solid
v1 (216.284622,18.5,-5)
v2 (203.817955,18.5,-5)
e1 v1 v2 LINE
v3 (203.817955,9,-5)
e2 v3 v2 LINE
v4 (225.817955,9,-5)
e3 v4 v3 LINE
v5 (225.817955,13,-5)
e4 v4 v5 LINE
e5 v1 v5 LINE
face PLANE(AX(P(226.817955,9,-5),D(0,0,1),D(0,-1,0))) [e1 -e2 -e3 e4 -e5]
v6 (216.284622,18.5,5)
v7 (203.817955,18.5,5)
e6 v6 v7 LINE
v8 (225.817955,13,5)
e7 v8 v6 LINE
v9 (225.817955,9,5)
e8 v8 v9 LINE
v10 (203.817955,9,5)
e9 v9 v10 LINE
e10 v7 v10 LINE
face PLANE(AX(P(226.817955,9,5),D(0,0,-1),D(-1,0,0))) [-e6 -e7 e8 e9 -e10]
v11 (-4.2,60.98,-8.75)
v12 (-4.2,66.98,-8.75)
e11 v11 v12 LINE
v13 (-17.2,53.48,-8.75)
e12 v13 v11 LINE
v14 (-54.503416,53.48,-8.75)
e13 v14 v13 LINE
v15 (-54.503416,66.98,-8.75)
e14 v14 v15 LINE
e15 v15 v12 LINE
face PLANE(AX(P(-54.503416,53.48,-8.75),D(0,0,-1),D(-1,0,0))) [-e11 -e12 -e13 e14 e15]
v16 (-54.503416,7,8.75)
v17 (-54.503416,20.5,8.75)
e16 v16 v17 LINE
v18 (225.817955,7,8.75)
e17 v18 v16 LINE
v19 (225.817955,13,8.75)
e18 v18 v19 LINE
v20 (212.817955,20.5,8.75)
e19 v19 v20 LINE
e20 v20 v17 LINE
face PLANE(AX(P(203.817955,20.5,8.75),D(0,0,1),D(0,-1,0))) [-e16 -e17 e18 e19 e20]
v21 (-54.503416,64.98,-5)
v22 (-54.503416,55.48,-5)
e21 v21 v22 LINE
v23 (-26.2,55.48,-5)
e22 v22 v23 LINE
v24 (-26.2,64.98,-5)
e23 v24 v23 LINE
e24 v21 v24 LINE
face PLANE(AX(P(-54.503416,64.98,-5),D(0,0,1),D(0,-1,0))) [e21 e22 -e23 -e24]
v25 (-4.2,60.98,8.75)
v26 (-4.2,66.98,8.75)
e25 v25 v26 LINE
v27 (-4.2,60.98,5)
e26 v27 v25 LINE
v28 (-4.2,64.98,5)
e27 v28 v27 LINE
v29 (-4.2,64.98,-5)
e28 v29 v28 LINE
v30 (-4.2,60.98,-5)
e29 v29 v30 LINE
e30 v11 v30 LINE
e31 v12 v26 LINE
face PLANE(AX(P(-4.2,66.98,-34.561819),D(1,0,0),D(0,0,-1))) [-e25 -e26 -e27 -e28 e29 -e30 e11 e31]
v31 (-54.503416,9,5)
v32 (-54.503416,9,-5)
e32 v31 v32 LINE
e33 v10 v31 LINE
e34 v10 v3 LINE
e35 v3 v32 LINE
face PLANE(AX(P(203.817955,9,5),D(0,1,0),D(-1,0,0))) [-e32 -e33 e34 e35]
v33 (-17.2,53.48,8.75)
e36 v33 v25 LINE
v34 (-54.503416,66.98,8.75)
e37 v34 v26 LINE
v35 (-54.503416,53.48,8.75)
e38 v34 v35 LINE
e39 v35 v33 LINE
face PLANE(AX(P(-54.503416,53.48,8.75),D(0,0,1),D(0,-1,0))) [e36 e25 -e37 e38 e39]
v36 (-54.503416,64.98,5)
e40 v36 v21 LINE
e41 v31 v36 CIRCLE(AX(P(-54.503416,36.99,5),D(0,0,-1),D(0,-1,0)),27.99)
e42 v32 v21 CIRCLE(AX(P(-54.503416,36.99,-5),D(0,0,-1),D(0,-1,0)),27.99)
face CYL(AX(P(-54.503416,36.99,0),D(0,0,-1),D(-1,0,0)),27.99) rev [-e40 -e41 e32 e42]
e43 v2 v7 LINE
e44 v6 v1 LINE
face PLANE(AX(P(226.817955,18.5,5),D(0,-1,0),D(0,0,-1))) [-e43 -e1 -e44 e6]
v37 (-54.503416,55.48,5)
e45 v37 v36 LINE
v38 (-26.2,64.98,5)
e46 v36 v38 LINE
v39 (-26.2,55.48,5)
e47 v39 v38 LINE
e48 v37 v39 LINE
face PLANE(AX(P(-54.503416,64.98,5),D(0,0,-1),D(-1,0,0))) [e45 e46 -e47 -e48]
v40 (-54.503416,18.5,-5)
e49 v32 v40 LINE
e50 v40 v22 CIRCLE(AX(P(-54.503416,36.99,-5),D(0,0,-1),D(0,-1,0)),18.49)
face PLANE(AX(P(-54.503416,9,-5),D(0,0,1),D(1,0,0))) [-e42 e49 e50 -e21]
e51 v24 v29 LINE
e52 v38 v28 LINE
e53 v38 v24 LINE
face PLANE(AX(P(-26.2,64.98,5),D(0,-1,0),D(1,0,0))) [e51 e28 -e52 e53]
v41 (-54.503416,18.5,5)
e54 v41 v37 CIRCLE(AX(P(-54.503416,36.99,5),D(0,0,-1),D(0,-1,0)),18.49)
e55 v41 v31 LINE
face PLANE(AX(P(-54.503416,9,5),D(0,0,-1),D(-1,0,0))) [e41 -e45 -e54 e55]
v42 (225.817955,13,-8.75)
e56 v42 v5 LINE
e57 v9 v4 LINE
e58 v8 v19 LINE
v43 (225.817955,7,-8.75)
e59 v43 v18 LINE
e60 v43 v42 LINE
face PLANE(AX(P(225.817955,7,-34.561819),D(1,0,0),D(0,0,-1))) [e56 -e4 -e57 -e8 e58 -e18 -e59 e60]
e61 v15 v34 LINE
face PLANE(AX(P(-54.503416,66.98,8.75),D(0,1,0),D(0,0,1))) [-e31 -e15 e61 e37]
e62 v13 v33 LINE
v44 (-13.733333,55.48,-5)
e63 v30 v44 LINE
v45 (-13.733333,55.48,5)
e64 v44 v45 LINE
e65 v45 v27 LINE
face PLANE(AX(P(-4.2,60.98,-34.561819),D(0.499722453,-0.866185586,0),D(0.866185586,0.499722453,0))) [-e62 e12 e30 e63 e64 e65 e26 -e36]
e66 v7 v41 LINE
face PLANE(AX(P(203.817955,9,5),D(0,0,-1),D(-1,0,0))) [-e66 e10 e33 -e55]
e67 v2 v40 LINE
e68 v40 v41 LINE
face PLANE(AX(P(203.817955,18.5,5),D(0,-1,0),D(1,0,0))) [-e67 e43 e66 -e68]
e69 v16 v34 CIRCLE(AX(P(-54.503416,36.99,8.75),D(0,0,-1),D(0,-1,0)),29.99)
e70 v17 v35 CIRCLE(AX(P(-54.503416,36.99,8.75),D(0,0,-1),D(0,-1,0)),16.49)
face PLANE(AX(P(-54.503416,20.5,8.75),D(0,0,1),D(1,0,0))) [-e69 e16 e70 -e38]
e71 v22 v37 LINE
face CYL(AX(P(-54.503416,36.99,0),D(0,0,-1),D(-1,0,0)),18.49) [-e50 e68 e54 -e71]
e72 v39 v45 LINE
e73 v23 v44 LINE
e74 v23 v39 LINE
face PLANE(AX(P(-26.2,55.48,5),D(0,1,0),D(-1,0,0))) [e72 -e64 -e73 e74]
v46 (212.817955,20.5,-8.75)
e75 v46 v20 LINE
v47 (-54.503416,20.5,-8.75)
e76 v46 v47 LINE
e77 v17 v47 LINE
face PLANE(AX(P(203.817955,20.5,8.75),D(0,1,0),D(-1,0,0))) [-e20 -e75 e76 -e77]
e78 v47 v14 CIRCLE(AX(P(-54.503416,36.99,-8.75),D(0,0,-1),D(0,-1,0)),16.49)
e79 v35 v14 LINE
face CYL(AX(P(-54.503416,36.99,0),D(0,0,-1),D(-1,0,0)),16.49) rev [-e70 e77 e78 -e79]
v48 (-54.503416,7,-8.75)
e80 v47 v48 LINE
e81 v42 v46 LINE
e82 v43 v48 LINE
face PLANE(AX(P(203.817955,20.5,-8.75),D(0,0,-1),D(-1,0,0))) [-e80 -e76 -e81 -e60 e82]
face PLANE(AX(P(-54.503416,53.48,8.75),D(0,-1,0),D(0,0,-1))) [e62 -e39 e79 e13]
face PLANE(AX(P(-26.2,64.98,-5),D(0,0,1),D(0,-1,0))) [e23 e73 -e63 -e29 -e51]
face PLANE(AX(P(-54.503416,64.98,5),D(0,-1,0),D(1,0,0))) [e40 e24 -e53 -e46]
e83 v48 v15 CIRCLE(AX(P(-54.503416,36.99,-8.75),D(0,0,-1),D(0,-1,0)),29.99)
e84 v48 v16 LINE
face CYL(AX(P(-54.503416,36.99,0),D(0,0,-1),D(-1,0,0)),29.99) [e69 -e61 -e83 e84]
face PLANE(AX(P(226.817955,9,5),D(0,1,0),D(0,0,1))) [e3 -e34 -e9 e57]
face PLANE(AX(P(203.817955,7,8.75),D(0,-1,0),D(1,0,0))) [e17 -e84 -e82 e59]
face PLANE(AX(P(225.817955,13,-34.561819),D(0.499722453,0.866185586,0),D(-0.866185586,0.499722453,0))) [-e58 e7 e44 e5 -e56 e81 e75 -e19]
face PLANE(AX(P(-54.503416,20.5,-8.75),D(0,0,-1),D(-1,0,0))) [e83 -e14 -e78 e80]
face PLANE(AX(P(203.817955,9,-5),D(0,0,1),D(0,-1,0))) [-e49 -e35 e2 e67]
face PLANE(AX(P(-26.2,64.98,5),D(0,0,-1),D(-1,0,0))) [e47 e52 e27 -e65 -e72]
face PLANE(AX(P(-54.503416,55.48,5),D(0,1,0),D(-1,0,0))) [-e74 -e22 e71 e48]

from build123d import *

# Parameters (mm, degrees)
SKETCH2_W           = 17.5
SKETCH2_H           = 13.5
BOSS_EXTRUDE1_DEPTH = 17.5
SKETCH4_W           = 10
SKETCH4_H           = 9.5


with BuildPart() as part:
    # Sweep1: sweep along a path in Sketch1
    with BuildLine(Plane.XY) as sweep1_path:
        Line((-26.2, 66.98), (-54.503416211, 66.98))
        ThreePointArc((-54.503416211, 66.98), (-84.493416211, 36.99), (-54.503416211, 7))
        Line((-54.503416211, 7), (203.81795526, 7))
    # Sketch2 → Sweep1 (sweep)
    with BuildSketch(Plane(origin=(203.81795526, 7, 0), x_dir=(0, 0, 1), z_dir=(-1, 0, 0))):
        with Locations((0, 6.75)):
            Rectangle(SKETCH2_W, SKETCH2_H)
    sweep(path=sweep1_path.line)

    # Sketch3 → Boss-Extrude1 (add)
    with BuildSketch(Plane.XY.offset(8.75)):
        Polygon((-26.2, 66.98), (-26.2, 53.48), (-17.2, 53.48), (-4.2, 60.98), (-4.2, 66.98), align=None)
        Polygon((203.81795526, 20.5), (203.81795526, 7), (225.81795526, 7), (225.81795526, 13), (212.81795526, 20.5), align=None)
    extrude(amount=-BOSS_EXTRUDE1_DEPTH)

    # Cut-Sweep2: sweep along a path in Sketch5
    with BuildLine(Plane.XY) as cut_sweep2_path:
        Line((-4.2, 66.98), (-26.2, 66.98))
        Line((-26.2, 66.98), (-54.503416211, 66.98))
        ThreePointArc((-54.503416211, 66.98), (-84.493416211, 36.99), (-54.503416211, 7))
        Line((-54.503416211, 7), (203.81795526, 7))
        Line((203.81795526, 7), (225.81795526, 7))
    # Sketch4 → Cut-Sweep2 (sweep, cut)
    with BuildSketch(Plane(origin=(225.81795526, 0, 0), x_dir=(0, 0, -1), z_dir=(1, 0, 0))):
        with Locations((0, 13.75)):
            Rectangle(SKETCH4_W, SKETCH4_H)
    sweep(path=cut_sweep2_path.line, mode=Mode.SUBTRACT)


solid = part.part
